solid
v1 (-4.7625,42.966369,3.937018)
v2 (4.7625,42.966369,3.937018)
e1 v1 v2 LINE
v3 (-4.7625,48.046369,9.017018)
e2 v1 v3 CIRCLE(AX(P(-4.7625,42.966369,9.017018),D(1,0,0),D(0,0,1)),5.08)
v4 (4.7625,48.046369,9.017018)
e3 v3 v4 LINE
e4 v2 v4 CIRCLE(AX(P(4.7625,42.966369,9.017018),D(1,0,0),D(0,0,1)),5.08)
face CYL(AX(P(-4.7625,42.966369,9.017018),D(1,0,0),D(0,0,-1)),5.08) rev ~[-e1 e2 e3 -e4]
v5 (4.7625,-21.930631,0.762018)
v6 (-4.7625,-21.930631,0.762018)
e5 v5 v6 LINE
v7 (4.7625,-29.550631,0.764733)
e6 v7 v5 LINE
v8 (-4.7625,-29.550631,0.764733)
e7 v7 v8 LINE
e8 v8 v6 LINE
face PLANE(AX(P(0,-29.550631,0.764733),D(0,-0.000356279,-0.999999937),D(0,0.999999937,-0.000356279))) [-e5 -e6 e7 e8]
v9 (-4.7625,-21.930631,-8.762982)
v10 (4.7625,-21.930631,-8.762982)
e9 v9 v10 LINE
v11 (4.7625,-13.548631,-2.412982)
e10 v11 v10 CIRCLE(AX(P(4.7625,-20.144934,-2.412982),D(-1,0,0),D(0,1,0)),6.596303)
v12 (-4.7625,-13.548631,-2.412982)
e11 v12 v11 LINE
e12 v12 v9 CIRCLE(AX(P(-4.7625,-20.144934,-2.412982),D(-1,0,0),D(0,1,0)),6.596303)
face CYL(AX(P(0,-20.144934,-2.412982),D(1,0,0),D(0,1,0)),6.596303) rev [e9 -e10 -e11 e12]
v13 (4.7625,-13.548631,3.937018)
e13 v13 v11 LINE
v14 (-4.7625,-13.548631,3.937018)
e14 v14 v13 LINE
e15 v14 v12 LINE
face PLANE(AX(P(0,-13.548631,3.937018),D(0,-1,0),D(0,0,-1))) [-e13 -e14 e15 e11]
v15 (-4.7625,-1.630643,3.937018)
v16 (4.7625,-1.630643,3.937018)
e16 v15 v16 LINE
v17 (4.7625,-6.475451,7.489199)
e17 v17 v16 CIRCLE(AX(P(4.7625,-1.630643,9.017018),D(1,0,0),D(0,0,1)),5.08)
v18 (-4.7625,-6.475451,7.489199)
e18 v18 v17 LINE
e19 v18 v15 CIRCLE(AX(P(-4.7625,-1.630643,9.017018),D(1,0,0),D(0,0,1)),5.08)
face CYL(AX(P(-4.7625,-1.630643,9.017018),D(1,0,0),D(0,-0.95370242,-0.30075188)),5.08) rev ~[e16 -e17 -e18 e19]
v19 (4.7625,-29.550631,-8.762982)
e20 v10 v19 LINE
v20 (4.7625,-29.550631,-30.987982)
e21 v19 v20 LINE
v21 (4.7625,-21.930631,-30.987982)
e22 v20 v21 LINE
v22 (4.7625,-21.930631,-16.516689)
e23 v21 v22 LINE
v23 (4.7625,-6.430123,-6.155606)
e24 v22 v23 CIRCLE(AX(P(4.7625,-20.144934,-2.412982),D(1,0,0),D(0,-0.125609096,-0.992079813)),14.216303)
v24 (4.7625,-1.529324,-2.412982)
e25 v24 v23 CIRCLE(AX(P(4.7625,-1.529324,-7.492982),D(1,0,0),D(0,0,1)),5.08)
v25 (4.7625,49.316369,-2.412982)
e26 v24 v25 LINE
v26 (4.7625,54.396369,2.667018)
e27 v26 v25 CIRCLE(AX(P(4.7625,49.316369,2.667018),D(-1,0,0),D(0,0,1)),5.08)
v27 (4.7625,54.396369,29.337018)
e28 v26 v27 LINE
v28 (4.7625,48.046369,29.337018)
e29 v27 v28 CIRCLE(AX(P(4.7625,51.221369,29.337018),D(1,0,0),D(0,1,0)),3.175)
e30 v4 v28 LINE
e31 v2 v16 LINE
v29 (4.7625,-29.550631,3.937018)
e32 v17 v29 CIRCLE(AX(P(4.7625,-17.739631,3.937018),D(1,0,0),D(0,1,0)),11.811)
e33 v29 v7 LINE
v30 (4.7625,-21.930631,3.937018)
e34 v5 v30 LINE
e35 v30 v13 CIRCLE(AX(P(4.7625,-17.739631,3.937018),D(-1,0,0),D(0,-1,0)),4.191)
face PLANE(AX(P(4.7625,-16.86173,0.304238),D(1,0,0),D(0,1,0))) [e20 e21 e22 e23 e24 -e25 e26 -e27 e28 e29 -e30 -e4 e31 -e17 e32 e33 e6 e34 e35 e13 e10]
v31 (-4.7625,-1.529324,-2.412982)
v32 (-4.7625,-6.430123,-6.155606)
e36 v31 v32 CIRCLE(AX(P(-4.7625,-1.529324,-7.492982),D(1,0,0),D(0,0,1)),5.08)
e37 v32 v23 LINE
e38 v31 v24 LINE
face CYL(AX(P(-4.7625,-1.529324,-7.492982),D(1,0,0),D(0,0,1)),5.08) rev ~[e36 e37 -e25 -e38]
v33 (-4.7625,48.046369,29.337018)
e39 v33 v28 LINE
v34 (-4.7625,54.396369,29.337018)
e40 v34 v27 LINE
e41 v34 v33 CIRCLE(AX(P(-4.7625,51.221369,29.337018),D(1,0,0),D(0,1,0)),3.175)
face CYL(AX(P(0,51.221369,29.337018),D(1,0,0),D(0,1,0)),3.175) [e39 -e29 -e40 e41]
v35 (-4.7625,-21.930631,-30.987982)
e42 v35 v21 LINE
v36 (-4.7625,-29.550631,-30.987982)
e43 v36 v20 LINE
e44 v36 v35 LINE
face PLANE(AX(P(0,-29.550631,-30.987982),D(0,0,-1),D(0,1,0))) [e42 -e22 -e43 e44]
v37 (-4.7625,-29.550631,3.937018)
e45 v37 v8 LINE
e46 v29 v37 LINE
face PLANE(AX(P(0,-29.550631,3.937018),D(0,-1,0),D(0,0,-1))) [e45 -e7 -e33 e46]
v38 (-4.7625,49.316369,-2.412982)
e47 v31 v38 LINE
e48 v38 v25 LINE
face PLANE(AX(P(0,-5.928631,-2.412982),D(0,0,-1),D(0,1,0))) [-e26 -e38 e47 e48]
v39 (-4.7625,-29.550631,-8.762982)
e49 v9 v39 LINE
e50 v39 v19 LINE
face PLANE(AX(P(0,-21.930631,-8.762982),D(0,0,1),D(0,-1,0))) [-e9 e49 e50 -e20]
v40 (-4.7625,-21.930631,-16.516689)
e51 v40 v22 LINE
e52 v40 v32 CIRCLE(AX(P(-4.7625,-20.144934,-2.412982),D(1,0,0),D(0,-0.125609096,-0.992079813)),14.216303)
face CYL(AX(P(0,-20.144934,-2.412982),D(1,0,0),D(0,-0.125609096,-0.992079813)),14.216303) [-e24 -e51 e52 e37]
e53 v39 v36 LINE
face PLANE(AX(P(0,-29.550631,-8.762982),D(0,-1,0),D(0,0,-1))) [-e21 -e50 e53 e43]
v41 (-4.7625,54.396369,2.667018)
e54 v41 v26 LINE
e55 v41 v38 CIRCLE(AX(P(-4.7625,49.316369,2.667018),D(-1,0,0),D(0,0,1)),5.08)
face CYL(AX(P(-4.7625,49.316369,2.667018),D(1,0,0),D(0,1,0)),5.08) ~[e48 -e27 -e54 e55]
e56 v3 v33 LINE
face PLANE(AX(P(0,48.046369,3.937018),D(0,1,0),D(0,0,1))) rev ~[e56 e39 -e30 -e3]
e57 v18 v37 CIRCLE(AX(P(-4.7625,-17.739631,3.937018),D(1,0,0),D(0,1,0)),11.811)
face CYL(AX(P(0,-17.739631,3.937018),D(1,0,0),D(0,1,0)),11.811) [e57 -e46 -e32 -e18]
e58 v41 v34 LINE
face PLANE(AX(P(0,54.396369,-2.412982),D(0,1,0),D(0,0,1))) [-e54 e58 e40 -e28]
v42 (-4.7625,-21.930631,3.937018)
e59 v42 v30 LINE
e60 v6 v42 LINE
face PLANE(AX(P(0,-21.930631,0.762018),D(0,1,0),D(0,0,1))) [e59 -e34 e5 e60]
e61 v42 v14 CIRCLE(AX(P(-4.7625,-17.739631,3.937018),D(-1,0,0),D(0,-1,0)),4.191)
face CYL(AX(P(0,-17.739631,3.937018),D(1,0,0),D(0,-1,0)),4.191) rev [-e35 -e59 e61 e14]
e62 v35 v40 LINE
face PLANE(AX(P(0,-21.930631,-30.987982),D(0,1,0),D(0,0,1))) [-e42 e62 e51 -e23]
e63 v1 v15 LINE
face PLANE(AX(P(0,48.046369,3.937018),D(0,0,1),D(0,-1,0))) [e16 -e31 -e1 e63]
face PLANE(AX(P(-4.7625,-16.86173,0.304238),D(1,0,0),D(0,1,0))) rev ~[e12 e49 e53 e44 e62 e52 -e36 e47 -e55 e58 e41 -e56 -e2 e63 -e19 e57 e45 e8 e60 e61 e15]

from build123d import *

# Parameters (mm, degrees)
F0_W     = 6.35
F0_H     = 25.4
F1_DEPTH = 4.7625
F2_R     = 5.08


with BuildPart() as f1:
    # F0 (on Right) → F1 (new body, symmetric)
    with BuildSketch(Plane.YZ):
        with BuildLine():
            Line((-21.9306305993, 0.7620182931), (-21.9306305993, 3.9370182931))
            ThreePointArc((-21.9306305993, 3.9370182931), (-17.7396305993, 8.1280182931), (-13.5486305993, 3.9370182931))
            Line((-13.5486305993, 3.9370182931), (-13.5486305993, -2.4129817069))
            ThreePointArc((-13.5486305993, -2.4129817069), (-16.1617053324, -7.6708430592), (-21.9306305993, -8.7629817069))
            Line((-21.9306305993, -8.7629817069), (-21.9306305993, -16.5166889564))
            ThreePointArc((-21.9306305993, -16.5166889564), (-10.7450064328, -13.0780949526), (-5.9286305993, -2.4129817069))
            Line((-5.9286305993, -2.4129817069), (-5.9286305993, 3.9370182931))
            ThreePointArc((-5.9286305993, 3.9370182931), (-17.7396305993, 15.7480182931), (-29.5506305993, 3.9370182931))
            Line((-29.5506305993, 3.9370182931), (-29.5506305993, 0.764733142))
            Line((-29.5506305993, 0.764733142), (-21.9306305993, 0.7620182931))
        make_face()
        Polygon((-21.9306305993, -16.5166889564), (-21.9306305993, -8.7629817069), (-29.5506305993, -8.7629817069), (-29.5506305993, -30.9879817069), (-21.9306305993, -30.9879817069), align=None)
        Polygon((48.0463694007, 3.9370182931), (-5.9286305993, 3.9370182931), (-5.9286305993, -2.4129817069), (54.3963694007, -2.4129817069), (54.3963694007, 3.9370182931), align=None)
        with Locations((51.2213694007, 16.6370182931)):
            Rectangle(F0_W, F0_H)
        with BuildLine():
            ThreePointArc((54.3963694007, 29.3370182931), (51.2213694007, 32.5120182931), (48.0463694007, 29.3370182931))
            Line((48.0463694007, 29.3370182931), (54.3963694007, 29.3370182931))
        make_face()
    extrude(amount=F1_DEPTH, both=True)

    # F2
    f2_edges = [f1.edges().sort_by_distance(p)[0] for p in [
        (0, 54.396369, -2.412982),
        (0, 48.046369, 3.937018),
        (0, -5.928631, 3.937018),
        (0, -5.928631, -2.412982),
    ]]
    fillet(f2_edges, radius=F2_R)


solid = f1.part
